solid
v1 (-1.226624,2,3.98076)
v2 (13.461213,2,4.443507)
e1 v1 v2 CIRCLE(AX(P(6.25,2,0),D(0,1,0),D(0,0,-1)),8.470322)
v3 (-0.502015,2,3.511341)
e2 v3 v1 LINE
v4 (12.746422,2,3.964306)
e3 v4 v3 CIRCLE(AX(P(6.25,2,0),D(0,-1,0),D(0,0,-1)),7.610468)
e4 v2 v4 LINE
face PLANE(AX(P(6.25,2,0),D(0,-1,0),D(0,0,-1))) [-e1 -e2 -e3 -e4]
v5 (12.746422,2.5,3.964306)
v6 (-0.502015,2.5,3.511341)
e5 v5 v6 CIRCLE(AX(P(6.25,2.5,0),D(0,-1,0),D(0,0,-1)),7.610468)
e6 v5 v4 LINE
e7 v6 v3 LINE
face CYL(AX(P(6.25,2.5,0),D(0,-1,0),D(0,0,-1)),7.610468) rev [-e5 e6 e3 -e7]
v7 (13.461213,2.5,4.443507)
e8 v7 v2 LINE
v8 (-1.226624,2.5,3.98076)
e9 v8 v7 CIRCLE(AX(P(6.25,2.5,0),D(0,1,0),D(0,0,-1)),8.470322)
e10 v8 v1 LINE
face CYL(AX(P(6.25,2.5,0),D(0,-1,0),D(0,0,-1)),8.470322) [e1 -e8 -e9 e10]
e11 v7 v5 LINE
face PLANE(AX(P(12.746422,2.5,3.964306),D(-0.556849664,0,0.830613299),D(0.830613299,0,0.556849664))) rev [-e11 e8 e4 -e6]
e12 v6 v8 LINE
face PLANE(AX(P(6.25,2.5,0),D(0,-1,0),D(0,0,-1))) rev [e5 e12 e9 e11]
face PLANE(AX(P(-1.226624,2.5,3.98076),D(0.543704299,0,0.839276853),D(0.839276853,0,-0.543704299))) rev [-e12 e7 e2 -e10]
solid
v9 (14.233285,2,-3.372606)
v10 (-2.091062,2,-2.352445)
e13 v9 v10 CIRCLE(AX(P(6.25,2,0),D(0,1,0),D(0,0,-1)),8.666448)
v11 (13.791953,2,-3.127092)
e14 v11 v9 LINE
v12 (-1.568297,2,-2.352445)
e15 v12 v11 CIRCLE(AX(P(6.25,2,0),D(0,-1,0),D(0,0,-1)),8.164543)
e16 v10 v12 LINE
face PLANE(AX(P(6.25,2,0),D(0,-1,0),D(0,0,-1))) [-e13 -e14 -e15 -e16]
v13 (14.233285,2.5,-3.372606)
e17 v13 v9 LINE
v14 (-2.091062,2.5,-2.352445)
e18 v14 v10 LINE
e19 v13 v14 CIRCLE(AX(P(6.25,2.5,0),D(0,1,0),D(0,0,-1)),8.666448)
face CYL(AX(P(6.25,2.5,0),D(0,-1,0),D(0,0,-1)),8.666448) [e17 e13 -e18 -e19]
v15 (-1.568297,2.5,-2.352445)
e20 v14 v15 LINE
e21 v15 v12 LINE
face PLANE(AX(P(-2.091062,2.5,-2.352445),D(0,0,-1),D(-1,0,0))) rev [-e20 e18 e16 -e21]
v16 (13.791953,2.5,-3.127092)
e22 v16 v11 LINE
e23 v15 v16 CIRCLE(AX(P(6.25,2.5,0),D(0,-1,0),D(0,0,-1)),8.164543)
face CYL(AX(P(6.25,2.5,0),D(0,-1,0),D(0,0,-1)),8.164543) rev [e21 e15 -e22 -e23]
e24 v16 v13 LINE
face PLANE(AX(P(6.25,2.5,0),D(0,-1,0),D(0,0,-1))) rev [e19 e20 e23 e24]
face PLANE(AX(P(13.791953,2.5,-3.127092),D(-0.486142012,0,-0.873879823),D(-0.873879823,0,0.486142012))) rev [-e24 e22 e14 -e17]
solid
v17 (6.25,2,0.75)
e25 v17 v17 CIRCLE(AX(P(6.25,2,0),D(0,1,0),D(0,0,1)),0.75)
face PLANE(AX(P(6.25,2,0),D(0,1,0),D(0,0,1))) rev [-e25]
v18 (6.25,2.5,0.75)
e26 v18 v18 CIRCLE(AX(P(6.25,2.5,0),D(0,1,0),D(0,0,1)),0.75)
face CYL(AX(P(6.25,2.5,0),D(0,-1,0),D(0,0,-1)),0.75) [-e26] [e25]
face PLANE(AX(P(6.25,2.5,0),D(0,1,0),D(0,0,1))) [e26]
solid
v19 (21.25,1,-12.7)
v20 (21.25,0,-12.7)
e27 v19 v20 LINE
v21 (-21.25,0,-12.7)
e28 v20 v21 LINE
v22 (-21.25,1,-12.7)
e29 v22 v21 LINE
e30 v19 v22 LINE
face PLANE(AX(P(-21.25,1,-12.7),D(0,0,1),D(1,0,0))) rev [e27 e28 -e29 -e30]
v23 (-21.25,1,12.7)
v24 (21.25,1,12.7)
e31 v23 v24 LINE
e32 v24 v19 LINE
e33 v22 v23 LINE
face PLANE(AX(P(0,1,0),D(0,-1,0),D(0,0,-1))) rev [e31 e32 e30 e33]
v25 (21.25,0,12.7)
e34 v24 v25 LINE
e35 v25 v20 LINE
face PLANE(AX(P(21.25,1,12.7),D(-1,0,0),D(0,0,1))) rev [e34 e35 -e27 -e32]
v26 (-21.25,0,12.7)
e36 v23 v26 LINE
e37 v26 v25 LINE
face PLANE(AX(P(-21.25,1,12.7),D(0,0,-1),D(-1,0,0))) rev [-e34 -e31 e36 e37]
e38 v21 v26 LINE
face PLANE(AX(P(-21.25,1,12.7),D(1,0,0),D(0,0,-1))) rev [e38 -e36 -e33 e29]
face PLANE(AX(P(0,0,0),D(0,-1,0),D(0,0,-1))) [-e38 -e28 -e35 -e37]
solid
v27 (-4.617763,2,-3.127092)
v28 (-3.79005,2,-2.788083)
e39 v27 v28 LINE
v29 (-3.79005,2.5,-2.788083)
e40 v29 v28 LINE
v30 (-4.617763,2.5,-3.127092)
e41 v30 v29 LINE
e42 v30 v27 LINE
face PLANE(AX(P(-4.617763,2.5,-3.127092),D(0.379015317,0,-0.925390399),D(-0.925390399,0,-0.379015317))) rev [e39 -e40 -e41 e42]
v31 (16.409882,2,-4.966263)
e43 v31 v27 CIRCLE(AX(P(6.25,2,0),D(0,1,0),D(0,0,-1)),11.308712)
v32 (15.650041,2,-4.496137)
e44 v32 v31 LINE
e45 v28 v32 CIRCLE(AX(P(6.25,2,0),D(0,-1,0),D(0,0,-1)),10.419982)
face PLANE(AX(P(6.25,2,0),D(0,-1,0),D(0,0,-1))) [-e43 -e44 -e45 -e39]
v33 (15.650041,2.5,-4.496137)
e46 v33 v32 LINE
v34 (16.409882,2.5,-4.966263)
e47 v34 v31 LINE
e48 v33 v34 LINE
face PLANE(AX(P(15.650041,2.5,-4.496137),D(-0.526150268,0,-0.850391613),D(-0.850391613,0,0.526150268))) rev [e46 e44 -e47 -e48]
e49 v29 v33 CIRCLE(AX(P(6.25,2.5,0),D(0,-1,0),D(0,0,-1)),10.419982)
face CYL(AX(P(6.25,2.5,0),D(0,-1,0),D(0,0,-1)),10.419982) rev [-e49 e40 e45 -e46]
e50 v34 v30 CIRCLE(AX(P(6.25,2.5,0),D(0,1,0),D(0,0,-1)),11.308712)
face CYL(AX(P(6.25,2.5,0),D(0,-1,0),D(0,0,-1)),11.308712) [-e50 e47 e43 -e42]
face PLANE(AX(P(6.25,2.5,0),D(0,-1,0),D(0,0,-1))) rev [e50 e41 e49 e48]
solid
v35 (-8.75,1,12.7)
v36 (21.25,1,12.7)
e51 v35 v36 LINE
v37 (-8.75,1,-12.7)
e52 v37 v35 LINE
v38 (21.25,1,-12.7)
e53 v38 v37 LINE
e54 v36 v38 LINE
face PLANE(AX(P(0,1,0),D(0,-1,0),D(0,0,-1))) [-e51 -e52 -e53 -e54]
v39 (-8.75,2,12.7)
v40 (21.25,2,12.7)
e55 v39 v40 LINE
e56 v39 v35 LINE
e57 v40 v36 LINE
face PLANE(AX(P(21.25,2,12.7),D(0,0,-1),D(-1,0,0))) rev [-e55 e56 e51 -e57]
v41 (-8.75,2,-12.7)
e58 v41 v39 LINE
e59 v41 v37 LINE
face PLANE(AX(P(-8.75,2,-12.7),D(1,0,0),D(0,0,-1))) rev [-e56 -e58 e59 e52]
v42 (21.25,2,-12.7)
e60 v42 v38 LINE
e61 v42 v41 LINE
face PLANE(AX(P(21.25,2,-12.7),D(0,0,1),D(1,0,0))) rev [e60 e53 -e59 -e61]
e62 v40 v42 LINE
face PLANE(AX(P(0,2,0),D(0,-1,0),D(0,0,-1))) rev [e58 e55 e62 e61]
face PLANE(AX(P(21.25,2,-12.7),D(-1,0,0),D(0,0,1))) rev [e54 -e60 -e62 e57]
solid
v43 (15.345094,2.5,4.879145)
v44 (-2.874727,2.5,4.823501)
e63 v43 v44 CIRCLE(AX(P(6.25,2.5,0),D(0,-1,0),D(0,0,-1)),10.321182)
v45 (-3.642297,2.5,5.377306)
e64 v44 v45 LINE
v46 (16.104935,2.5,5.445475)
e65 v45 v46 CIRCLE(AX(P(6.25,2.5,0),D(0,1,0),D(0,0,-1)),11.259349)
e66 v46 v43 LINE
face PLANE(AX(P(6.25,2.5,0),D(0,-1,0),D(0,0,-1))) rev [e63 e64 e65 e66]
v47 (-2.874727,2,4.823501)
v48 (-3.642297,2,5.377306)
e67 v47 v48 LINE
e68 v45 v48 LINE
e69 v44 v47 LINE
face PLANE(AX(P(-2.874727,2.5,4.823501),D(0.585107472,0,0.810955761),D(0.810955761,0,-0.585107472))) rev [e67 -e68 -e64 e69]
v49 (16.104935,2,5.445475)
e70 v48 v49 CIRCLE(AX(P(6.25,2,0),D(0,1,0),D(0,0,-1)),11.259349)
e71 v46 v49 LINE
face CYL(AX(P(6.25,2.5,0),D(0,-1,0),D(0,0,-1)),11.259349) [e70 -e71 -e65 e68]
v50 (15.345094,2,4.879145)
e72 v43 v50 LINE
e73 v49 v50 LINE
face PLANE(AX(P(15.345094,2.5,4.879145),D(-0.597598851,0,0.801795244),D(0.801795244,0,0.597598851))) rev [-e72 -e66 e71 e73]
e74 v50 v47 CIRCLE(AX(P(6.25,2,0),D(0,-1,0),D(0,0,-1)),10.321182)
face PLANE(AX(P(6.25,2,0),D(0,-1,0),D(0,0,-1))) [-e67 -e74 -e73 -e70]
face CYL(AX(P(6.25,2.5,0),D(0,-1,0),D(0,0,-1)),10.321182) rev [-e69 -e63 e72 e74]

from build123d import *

# Parameters (mm, degrees)
SKETCH1_W             = 42.5
SKETCH1_H             = 25.4
BOSS_EXTRUDE1_DEPTH   = 1
SKETCH2_W             = 30
SKETCH2_H             = 25.4
BOSS_EXTRUDE2_DEPTH   = 1
SKETCH3_R             = 0.75
BOSS_EXTRUDE3_DEPTH   = 0.5
BOSS_EXTRUDE3_2_DEPTH = 0.5
BOSS_EXTRUDE3_3_DEPTH = 0.5
BOSS_EXTRUDE3_4_DEPTH = 0.5
BOSS_EXTRUDE3_5_DEPTH = 0.5


with BuildPart() as part:
    # Sketch1 → Boss-Extrude1 (new body)
    with BuildSketch(Plane(origin=(0, 0, 0), x_dir=(1, 0, 0), z_dir=(0, 1, 0))):
        Rectangle(SKETCH1_W, SKETCH1_H)
    extrude(amount=BOSS_EXTRUDE1_DEPTH)


with BuildPart() as body_2:
    # Sketch2 → Boss-Extrude2 (new body)
    with BuildSketch(Plane(origin=(0, 1, 0), x_dir=(1, 0, 0), z_dir=(0, 1, 0))):
        with Locations((6.25, 0)):
            Rectangle(SKETCH2_W, SKETCH2_H)
    extrude(amount=BOSS_EXTRUDE2_DEPTH)


with BuildPart() as body_3:
    # Sketch3 → Boss-Extrude3 (new body)
    with BuildSketch(Plane(origin=(0, 2, 0), x_dir=(1, 0, 0), z_dir=(0, 1, 0))):
        with Locations(Location((6.25, 0, 0), (0, 0, 270))):
            Circle(SKETCH3_R)
    extrude(amount=BOSS_EXTRUDE3_DEPTH)


with BuildPart() as body_4:
    # Sketch3 → Boss-Extrude3 2 (new body)
    with BuildSketch(Plane(origin=(0, 2, 0), x_dir=(1, 0, 0), z_dir=(0, 1, 0))):
        with BuildLine():
            Line((-4.617762535, 3.127091943), (-3.790050383, 2.78808304))
            ThreePointArc((-3.790050383, 2.78808304), (5.337988327, 10.37999294), (15.650040902, 4.496137205))
            Line((15.650040902, 4.496137205), (16.409882045, 4.966262516))
            ThreePointArc((16.409882045, 4.966262516), (5.264651942, 11.26570263), (-4.617762535, 3.127091943))
        make_face()
    extrude(amount=BOSS_EXTRUDE3_2_DEPTH)


with BuildPart() as body_5:
    # Sketch3 → Boss-Extrude3 3 (new body)
    with BuildSketch(Plane(origin=(0, 2, 0), x_dir=(1, 0, 0), z_dir=(0, 1, 0))):
        with BuildLine():
            Line((-2.09106228, 2.352445065), (-1.56829671, 2.352445065))
            ThreePointArc((-1.56829671, 2.352445065), (5.838769057, 8.154179931), (13.791953143, 3.127091943))
            Line((13.791953143, 3.127091943), (14.233285292, 3.372606364))
            ThreePointArc((14.233285292, 3.372606364), (5.70946012, 8.649574231), (-2.09106228, 2.352445065))
        make_face()
    extrude(amount=BOSS_EXTRUDE3_3_DEPTH)


with BuildPart() as body_6:
    # Sketch3 → Boss-Extrude3 4 (new body)
    with BuildSketch(Plane(origin=(0, 2, 0), x_dir=(1, 0, 0), z_dir=(0, 1, 0))):
        with BuildLine():
            Line((12.746422003, -3.964305573), (13.461213429, -4.443507345))
            ThreePointArc((13.461213429, -4.443507345), (5.983271007, -8.466121443), (-1.226623801, -3.980760378))
            Line((-1.226623801, -3.980760378), (-0.502014789, -3.511340741))
            ThreePointArc((-0.502014789, -3.511340741), (5.989949615, -7.606023357), (12.746422003, -3.964305573))
        make_face()
    extrude(amount=BOSS_EXTRUDE3_4_DEPTH)


with BuildPart() as body_7:
    # Sketch3 → Boss-Extrude3 5 (new body)
    with BuildSketch(Plane(origin=(0, 2, 0), x_dir=(1, 0, 0), z_dir=(0, 1, 0))):
        with BuildLine():
            Line((15.34509432, -4.879145321), (16.104935463, -5.445474688))
            ThreePointArc((16.104935463, -5.445474688), (6.211132045, -11.259282252), (-3.642296578, -5.377305642))
            Line((-3.642296578, -5.377305642), (-2.874726628, -4.823501188))
            ThreePointArc((-2.874726628, -4.823501188), (6.218478804, -10.321133957), (15.34509432, -4.879145321))
        make_face()
    extrude(amount=BOSS_EXTRUDE3_5_DEPTH)


solid = Compound([part.part, body_2.part, body_3.part, body_4.part, body_5.part, body_6.part, body_7.part])
